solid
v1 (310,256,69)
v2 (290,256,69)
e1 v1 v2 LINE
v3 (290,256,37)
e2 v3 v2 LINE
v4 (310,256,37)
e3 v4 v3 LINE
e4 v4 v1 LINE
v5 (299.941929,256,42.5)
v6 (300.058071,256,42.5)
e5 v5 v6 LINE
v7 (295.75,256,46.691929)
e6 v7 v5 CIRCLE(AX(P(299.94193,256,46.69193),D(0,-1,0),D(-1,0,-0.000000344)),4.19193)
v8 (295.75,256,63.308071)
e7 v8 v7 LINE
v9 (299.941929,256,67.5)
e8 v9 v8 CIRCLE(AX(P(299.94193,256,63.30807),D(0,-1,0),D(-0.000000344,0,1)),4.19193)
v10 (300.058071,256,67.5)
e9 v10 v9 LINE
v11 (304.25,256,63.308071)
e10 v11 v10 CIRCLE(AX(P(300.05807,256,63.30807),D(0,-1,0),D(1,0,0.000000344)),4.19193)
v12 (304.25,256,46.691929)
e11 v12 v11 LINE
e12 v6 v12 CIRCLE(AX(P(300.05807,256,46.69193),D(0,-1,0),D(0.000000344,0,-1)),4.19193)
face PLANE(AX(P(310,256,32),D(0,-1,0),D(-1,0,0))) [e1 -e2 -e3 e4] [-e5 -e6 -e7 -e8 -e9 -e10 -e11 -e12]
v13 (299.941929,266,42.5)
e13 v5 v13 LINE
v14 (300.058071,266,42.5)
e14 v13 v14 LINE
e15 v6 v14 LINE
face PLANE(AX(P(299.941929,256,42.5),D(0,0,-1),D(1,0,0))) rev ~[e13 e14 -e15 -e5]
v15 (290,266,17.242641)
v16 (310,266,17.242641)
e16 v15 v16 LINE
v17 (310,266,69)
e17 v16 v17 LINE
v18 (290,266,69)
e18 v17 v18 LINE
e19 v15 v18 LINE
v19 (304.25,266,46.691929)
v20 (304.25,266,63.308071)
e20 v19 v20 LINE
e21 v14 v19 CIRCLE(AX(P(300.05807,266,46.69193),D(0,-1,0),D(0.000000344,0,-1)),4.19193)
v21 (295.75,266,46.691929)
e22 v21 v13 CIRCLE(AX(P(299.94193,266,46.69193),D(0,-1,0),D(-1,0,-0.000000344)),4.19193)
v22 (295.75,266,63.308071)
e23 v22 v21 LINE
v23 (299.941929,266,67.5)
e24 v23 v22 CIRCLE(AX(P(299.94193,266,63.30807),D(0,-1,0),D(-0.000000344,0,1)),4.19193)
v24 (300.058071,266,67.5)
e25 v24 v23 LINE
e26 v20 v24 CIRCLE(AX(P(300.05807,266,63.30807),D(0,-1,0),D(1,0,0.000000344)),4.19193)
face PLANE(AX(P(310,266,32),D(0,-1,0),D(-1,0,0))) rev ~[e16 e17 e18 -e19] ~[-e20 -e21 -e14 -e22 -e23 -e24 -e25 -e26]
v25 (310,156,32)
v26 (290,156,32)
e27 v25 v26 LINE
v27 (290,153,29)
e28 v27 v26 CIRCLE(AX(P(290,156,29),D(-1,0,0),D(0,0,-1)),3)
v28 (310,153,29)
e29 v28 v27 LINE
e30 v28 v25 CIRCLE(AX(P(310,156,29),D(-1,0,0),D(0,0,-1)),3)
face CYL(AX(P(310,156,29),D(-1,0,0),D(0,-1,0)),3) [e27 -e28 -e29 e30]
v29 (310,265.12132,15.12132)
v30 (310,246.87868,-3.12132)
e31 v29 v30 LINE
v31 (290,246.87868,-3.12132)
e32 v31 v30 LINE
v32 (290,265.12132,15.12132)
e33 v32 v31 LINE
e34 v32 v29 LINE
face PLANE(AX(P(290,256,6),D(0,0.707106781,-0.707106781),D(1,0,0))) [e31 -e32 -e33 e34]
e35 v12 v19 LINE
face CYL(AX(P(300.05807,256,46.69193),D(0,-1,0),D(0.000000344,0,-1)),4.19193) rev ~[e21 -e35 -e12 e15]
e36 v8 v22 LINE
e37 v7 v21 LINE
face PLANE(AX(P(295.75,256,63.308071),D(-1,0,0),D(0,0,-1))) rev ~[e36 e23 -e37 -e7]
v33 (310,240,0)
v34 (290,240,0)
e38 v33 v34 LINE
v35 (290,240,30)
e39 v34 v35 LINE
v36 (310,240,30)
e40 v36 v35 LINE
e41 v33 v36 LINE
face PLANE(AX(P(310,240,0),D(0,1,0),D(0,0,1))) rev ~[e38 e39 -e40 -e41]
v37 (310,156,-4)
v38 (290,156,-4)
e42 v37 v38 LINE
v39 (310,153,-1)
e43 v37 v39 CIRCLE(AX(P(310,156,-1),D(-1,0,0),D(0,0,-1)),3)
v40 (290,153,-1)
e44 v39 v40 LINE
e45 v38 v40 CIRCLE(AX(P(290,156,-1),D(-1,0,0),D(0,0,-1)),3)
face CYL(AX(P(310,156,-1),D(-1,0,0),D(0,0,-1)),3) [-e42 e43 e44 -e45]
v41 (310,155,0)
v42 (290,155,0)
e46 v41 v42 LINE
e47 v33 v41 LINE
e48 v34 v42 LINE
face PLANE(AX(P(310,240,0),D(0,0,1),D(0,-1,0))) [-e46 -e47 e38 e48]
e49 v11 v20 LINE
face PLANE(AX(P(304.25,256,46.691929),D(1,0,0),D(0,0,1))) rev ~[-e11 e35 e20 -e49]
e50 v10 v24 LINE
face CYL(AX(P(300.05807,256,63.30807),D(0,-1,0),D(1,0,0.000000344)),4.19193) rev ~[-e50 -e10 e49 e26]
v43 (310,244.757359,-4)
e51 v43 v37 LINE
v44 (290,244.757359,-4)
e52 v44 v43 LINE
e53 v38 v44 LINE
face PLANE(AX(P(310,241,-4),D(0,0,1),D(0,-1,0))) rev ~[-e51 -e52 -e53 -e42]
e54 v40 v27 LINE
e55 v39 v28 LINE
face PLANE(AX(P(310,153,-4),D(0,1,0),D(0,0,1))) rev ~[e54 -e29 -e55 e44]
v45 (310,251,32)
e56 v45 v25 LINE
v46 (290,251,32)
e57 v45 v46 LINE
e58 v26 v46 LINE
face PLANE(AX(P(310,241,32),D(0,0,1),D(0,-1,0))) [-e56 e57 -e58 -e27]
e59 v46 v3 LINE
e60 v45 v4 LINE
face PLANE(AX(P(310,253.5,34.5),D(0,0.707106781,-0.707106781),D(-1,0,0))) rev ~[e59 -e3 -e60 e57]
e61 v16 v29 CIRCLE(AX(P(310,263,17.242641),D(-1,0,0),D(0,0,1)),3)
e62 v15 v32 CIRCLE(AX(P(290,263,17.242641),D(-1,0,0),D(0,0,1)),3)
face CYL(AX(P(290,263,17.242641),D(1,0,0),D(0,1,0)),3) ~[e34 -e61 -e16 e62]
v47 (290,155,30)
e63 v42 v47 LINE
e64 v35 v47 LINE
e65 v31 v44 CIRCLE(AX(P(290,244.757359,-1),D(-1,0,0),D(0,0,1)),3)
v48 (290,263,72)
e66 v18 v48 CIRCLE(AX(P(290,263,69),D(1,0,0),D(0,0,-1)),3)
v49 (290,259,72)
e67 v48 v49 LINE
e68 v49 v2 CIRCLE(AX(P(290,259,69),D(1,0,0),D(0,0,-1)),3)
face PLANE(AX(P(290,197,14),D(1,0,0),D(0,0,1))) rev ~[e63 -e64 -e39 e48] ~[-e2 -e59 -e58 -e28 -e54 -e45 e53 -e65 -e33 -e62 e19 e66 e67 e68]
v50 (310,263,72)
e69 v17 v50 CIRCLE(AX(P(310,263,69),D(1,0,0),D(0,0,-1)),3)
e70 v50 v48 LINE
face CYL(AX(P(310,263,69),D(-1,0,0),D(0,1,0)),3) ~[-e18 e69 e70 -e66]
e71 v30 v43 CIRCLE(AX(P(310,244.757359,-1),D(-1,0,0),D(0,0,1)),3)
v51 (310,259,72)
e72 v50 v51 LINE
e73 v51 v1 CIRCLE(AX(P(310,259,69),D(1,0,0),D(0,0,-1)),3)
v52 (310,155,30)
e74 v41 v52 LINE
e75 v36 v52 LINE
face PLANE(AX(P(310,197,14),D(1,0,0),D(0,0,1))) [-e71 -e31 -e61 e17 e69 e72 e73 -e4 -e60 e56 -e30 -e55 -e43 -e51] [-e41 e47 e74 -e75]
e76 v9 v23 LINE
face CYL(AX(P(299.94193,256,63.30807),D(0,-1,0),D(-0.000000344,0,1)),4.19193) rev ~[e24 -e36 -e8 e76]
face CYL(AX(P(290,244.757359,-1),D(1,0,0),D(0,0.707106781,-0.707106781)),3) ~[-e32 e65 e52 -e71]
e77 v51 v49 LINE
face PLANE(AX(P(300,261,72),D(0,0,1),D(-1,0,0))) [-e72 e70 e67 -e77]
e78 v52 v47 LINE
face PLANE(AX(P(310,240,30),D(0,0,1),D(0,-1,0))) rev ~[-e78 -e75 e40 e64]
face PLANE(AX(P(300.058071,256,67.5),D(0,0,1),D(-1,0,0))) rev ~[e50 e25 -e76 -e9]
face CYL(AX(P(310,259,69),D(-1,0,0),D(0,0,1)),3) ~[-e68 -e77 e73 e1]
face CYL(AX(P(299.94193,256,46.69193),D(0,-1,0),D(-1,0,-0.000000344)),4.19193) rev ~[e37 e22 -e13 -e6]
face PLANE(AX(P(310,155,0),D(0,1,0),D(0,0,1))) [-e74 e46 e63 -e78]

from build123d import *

# Parameters (mm, degrees)
SKETCH011_W     = 20
SKETCH011_H     = 36
PAD004_DEPTH    = 25
SKETCH015_W     = 20
SKETCH015_H     = 10
PAD008_DEPTH    = 40
POCKET004_DEPTH = 10.001
SKETCH023_W     = 36
SKETCH023_H     = 88
SKETCH023_W_2   = 30
SKETCH023_H_2   = 85
PAD012_DEPTH    = 20
CHAMFER_SIZE    = 5
CHAMFER001_SIZE = 20
FILLET_R        = 3


with BuildPart() as part:
    # Sketch011 → Pad004 (new body)
    with BuildSketch(Plane(origin=(290, 240, 0), x_dir=(1, 0, 0), z_dir=(0, -1, 0))):
        with Locations((10, 15)):
            Rectangle(SKETCH011_W, SKETCH011_H)
    extrude(amount=-PAD004_DEPTH)

    # Sketch015 → Pad008 (join)
    with BuildSketch(Plane(origin=(0, 0, 33), x_dir=(-1, 0, 0), z_dir=(0, 0, 1))):
        with Locations((-300, -260)):
            Rectangle(SKETCH015_W, SKETCH015_H)
    extrude(amount=PAD008_DEPTH)

    # Sketch016 (on Face4 of Pad008) → Pocket004 (cut, through all)
    with BuildSketch(Plane.XZ.offset(-255)):
        with BuildLine():
            Line((299.941929, 43.5), (300.058071, 43.5))
            ThreePointArc((300.058071, 43.5), (303.022212, 44.727788), (304.25, 47.691929))
            Line((304.25, 47.691929), (304.25, 64.308071))
            ThreePointArc((304.25, 64.308071), (303.022212, 67.272212), (300.058071, 68.5))
            Line((300.058071, 68.5), (299.941929, 68.5))
            ThreePointArc((299.941929, 68.5), (296.977788, 67.272212), (295.75, 64.308071))
            Line((295.75, 64.308071), (295.75, 47.691929))
            ThreePointArc((295.75, 47.691929), (296.977788, 44.727788), (299.941929, 43.5))
        make_face()
    extrude(amount=-POCKET004_DEPTH, mode=Mode.SUBTRACT)

    # Sketch023 (on Face3 of Pocket004) → Pad012 (join)
    with BuildSketch(Plane(origin=(310, 0, 0), x_dir=(0, 0, 1), z_dir=(1, 0, 0))):
        with Locations((15, -196)):
            Rectangle(SKETCH023_W, SKETCH023_H)
        with Locations((16, -196.5)):
            Rectangle(SKETCH023_W_2, SKETCH023_H_2, mode=Mode.SUBTRACT)
    extrude(amount=-PAD012_DEPTH)

    # Chamfer
    chamfer_edges = [part.edges().sort_by_distance(p)[0] for p in [
        (300, 255, 33),
    ]]
    chamfer(chamfer_edges, length=CHAMFER_SIZE)

    # Chamfer001
    chamfer001_edges = [part.edges().sort_by_distance(p)[0] for p in [
        (300, 265, -3),
    ]]
    chamfer(chamfer001_edges, length=CHAMFER001_SIZE)

    # Fillet
    fillet_edges = [part.edges().sort_by_distance(p)[0] for p in [
        (300, 265, 73),
        (300, 255, 73),
        (300, 152, 33),
        (300, 152, -3),
        (300, 265, 17),
        (300, 245, -3),
    ]]
    fillet(fillet_edges, radius=FILLET_R)


with BuildPart() as part_1:
    # Body004 placement: moved
    add(part.part.moved(Location((0, 1, -1))))


solid = part_1.part
